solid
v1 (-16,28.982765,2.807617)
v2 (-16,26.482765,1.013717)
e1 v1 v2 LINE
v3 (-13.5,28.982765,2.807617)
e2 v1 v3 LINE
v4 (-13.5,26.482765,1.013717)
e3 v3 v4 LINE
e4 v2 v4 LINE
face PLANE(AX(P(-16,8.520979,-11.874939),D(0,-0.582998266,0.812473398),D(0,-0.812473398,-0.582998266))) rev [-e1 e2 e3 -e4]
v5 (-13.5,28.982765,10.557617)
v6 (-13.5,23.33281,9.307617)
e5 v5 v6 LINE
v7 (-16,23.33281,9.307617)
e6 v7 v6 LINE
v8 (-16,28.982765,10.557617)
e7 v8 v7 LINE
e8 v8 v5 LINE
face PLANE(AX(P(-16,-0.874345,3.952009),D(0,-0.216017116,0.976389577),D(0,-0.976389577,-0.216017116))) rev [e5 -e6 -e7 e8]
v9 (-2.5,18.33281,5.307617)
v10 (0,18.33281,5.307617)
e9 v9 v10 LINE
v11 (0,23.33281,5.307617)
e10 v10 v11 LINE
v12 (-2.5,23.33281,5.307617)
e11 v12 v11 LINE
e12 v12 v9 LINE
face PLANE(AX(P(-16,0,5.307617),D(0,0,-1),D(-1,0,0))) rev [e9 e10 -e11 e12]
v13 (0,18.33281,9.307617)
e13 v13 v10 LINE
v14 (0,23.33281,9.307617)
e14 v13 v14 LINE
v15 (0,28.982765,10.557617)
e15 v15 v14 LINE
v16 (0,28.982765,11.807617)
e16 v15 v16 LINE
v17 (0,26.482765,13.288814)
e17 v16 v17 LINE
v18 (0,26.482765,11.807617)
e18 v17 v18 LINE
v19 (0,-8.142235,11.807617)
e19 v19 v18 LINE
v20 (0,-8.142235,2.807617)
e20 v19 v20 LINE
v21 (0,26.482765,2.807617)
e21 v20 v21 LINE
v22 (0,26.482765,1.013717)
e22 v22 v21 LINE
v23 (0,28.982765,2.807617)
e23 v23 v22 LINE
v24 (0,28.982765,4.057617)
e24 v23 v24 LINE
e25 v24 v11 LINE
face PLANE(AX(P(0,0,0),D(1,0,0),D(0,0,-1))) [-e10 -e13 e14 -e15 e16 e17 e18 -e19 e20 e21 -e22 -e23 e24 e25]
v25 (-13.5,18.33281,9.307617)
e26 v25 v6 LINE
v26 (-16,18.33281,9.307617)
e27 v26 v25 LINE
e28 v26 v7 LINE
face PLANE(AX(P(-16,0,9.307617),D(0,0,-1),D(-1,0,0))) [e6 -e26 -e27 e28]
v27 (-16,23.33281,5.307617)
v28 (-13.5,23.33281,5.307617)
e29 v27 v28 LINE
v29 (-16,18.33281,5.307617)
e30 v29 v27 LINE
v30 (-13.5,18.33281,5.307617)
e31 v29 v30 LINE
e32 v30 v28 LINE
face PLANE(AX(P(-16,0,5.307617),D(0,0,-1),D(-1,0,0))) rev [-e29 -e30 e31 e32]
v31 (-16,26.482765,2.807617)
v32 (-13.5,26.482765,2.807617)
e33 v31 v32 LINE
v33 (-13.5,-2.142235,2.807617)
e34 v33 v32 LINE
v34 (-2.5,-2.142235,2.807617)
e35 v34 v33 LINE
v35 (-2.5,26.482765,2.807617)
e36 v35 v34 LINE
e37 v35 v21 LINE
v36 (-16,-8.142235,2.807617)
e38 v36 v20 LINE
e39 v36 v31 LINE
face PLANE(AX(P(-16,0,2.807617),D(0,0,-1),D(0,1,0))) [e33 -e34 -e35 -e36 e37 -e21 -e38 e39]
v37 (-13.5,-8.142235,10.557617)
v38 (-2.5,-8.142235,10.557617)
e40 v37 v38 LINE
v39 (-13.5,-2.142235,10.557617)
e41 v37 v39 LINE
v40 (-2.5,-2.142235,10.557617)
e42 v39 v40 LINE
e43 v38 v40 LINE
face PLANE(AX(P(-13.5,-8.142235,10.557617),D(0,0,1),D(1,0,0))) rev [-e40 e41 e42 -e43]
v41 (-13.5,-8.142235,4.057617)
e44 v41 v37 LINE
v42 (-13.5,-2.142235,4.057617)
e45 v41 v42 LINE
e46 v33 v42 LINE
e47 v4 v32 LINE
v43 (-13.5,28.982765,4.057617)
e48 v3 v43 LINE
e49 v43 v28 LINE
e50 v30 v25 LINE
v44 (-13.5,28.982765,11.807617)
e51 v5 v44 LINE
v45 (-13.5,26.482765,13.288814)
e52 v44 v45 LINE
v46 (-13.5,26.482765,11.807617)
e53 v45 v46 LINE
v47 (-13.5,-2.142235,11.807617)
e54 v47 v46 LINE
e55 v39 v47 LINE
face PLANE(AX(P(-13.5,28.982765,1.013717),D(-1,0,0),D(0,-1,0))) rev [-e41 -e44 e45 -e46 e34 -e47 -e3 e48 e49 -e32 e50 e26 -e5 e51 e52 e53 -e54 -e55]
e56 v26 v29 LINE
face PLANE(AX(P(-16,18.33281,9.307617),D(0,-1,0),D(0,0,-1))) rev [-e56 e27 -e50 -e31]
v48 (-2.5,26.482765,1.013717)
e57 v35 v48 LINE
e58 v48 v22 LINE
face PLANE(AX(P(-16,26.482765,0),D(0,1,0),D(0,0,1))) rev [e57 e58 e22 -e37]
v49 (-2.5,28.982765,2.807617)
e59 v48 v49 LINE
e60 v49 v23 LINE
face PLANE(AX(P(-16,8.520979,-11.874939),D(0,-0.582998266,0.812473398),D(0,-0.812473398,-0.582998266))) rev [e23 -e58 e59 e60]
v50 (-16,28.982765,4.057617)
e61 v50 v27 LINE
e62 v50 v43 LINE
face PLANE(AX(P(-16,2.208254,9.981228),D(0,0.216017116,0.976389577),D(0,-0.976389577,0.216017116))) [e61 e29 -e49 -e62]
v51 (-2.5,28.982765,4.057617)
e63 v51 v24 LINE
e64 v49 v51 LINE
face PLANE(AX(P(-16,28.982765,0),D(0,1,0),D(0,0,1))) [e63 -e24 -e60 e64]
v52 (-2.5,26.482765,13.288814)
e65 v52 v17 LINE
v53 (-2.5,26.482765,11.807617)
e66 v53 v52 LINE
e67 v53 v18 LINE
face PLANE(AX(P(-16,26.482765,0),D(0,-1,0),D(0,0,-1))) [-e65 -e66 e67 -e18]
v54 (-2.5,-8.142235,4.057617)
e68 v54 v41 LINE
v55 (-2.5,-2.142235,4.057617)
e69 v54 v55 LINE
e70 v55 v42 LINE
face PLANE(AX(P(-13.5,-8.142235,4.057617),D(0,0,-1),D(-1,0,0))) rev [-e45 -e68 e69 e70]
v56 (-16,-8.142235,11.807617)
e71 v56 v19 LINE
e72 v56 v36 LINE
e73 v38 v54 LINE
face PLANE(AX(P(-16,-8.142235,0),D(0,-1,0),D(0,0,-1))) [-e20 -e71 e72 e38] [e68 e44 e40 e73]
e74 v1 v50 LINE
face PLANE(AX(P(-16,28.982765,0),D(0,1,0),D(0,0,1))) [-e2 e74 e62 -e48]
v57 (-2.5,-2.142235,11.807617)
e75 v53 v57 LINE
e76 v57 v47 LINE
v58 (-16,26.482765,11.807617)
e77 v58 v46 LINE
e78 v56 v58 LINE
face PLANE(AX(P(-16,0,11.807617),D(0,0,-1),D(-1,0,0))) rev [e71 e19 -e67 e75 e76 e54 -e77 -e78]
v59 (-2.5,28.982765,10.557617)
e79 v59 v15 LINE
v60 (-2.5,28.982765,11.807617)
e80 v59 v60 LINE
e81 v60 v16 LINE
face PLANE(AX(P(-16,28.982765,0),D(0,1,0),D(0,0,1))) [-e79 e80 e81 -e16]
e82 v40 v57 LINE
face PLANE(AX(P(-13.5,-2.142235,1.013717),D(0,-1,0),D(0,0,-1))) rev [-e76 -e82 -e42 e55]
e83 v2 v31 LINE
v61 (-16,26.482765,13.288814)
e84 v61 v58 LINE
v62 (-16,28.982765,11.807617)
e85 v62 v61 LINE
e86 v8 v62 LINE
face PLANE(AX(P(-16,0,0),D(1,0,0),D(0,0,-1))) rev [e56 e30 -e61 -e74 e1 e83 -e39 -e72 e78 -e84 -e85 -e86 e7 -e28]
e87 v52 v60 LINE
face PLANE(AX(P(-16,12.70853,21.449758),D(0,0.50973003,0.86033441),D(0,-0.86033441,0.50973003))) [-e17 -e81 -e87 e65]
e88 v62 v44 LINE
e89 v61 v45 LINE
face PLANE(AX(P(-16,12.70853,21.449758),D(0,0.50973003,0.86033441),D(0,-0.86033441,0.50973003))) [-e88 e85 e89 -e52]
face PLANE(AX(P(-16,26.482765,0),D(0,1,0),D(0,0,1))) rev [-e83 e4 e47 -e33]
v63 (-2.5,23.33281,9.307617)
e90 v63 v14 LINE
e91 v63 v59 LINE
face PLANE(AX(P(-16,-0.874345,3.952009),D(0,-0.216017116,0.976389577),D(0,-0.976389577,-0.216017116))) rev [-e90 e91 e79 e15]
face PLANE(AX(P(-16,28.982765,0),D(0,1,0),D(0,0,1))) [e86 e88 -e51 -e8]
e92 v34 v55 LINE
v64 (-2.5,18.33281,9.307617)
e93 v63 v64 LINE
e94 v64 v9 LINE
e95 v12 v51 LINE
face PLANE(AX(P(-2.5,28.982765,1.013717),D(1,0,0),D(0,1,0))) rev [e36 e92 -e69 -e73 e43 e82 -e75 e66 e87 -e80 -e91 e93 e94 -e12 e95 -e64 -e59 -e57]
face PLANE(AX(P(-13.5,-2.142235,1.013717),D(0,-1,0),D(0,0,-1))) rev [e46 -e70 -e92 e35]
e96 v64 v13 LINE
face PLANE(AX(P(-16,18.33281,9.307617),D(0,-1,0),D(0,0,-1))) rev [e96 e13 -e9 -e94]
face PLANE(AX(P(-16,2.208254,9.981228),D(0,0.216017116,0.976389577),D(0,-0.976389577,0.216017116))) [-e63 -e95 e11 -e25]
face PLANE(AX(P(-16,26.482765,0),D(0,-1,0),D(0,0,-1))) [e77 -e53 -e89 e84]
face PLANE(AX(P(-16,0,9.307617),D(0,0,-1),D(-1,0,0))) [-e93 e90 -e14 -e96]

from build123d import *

# Parameters (mm, degrees)
SKETCH1_W               = 9
SKETCH1_H               = 31.450000092
BOSS_EXTRUDE1_DEPTH     = 16
CUT_EXTRUDE1_DEPTH      = 35.82109913
CUT_EXTRUDE1_DEPTH_BACK = 35.82109913
SKETCH2_W               = 11
SKETCH2_H               = 31.125000096
CUT_EXTRUDE2_DEPTH      = 36.673425061
CUT_EXTRUDE2_DEPTH_BACK = 36.673425061
SKETCH3_W               = 4
SKETCH3_H               = 5
SKETCH4_W               = 11
SKETCH4_H               = 6.5
CUT_EXTRUDE3_DEPTH      = 38.434719306


with BuildPart() as part:
    # Sketch1 → Boss-Extrude1 (new body)
    with BuildSketch(Plane(origin=(0, 0, 0), x_dir=(0, 0, -1), z_dir=(1, 0, 0))):
        Polygon((-1.013717106, 26.482765172), (-2.807616659, 28.982765172), (-2.807616659, 26.482765172), align=None)
        Polygon((-2.807616659, 26.482765172), (-2.807616659, 28.982765172), (-4.057616659, 28.982765172), (-5.307616659, 23.332810224), (-5.307616659, 23.307765168), (-2.807616659, 23.307765168), align=None)
        Polygon((-11.807616659, 23.307765168), (-9.307616659, 23.307765168), (-9.307616659, 23.332810224), (-10.557616659, 28.982765172), (-11.807616659, 28.982765172), (-11.807616659, 26.482765172), align=None)
        Polygon((-13.288814039, 26.482765172), (-11.807616659, 26.482765172), (-11.807616659, 28.982765172), align=None)
        with Locations((-7.307616659, 7.582765122)):
            Rectangle(SKETCH1_W, SKETCH1_H)
    extrude(amount=-BOSS_EXTRUDE1_DEPTH)

    # Sketch2 → Cut-Extrude1 (cut, two sides: drawn at the far end of the back side and taken through both)
    with BuildSketch(Plane.XY.offset(11.807616659).offset(-CUT_EXTRUDE1_DEPTH_BACK)):
        with Locations((-8, 13.420265124)):
            Rectangle(SKETCH2_W, SKETCH2_H)
    extrude(amount=CUT_EXTRUDE1_DEPTH + CUT_EXTRUDE1_DEPTH_BACK, mode=Mode.SUBTRACT)

    # Sketch3 → Cut-Extrude2 (cut, two sides: drawn at the far end of the back side and taken through both)
    with BuildSketch(Plane(origin=(0, 0, 0), x_dir=(0, 0, -1), z_dir=(1, 0, 0)).offset(-CUT_EXTRUDE2_DEPTH_BACK)):
        with Locations((-7.307616659, 20.832810224)):
            Rectangle(SKETCH3_W, SKETCH3_H)
    extrude(amount=CUT_EXTRUDE2_DEPTH + CUT_EXTRUDE2_DEPTH_BACK, mode=Mode.SUBTRACT)

    # Sketch4 → Cut-Extrude3 (cut, through all)
    with BuildSketch(Plane(origin=(0, -2.142234924, 0), x_dir=(1, 0, 0), z_dir=(0, 1, 0))):
        with Locations((-8, -7.307616659)):
            Rectangle(SKETCH4_W, SKETCH4_H)
    extrude(amount=-CUT_EXTRUDE3_DEPTH, mode=Mode.SUBTRACT)


solid = part.part
